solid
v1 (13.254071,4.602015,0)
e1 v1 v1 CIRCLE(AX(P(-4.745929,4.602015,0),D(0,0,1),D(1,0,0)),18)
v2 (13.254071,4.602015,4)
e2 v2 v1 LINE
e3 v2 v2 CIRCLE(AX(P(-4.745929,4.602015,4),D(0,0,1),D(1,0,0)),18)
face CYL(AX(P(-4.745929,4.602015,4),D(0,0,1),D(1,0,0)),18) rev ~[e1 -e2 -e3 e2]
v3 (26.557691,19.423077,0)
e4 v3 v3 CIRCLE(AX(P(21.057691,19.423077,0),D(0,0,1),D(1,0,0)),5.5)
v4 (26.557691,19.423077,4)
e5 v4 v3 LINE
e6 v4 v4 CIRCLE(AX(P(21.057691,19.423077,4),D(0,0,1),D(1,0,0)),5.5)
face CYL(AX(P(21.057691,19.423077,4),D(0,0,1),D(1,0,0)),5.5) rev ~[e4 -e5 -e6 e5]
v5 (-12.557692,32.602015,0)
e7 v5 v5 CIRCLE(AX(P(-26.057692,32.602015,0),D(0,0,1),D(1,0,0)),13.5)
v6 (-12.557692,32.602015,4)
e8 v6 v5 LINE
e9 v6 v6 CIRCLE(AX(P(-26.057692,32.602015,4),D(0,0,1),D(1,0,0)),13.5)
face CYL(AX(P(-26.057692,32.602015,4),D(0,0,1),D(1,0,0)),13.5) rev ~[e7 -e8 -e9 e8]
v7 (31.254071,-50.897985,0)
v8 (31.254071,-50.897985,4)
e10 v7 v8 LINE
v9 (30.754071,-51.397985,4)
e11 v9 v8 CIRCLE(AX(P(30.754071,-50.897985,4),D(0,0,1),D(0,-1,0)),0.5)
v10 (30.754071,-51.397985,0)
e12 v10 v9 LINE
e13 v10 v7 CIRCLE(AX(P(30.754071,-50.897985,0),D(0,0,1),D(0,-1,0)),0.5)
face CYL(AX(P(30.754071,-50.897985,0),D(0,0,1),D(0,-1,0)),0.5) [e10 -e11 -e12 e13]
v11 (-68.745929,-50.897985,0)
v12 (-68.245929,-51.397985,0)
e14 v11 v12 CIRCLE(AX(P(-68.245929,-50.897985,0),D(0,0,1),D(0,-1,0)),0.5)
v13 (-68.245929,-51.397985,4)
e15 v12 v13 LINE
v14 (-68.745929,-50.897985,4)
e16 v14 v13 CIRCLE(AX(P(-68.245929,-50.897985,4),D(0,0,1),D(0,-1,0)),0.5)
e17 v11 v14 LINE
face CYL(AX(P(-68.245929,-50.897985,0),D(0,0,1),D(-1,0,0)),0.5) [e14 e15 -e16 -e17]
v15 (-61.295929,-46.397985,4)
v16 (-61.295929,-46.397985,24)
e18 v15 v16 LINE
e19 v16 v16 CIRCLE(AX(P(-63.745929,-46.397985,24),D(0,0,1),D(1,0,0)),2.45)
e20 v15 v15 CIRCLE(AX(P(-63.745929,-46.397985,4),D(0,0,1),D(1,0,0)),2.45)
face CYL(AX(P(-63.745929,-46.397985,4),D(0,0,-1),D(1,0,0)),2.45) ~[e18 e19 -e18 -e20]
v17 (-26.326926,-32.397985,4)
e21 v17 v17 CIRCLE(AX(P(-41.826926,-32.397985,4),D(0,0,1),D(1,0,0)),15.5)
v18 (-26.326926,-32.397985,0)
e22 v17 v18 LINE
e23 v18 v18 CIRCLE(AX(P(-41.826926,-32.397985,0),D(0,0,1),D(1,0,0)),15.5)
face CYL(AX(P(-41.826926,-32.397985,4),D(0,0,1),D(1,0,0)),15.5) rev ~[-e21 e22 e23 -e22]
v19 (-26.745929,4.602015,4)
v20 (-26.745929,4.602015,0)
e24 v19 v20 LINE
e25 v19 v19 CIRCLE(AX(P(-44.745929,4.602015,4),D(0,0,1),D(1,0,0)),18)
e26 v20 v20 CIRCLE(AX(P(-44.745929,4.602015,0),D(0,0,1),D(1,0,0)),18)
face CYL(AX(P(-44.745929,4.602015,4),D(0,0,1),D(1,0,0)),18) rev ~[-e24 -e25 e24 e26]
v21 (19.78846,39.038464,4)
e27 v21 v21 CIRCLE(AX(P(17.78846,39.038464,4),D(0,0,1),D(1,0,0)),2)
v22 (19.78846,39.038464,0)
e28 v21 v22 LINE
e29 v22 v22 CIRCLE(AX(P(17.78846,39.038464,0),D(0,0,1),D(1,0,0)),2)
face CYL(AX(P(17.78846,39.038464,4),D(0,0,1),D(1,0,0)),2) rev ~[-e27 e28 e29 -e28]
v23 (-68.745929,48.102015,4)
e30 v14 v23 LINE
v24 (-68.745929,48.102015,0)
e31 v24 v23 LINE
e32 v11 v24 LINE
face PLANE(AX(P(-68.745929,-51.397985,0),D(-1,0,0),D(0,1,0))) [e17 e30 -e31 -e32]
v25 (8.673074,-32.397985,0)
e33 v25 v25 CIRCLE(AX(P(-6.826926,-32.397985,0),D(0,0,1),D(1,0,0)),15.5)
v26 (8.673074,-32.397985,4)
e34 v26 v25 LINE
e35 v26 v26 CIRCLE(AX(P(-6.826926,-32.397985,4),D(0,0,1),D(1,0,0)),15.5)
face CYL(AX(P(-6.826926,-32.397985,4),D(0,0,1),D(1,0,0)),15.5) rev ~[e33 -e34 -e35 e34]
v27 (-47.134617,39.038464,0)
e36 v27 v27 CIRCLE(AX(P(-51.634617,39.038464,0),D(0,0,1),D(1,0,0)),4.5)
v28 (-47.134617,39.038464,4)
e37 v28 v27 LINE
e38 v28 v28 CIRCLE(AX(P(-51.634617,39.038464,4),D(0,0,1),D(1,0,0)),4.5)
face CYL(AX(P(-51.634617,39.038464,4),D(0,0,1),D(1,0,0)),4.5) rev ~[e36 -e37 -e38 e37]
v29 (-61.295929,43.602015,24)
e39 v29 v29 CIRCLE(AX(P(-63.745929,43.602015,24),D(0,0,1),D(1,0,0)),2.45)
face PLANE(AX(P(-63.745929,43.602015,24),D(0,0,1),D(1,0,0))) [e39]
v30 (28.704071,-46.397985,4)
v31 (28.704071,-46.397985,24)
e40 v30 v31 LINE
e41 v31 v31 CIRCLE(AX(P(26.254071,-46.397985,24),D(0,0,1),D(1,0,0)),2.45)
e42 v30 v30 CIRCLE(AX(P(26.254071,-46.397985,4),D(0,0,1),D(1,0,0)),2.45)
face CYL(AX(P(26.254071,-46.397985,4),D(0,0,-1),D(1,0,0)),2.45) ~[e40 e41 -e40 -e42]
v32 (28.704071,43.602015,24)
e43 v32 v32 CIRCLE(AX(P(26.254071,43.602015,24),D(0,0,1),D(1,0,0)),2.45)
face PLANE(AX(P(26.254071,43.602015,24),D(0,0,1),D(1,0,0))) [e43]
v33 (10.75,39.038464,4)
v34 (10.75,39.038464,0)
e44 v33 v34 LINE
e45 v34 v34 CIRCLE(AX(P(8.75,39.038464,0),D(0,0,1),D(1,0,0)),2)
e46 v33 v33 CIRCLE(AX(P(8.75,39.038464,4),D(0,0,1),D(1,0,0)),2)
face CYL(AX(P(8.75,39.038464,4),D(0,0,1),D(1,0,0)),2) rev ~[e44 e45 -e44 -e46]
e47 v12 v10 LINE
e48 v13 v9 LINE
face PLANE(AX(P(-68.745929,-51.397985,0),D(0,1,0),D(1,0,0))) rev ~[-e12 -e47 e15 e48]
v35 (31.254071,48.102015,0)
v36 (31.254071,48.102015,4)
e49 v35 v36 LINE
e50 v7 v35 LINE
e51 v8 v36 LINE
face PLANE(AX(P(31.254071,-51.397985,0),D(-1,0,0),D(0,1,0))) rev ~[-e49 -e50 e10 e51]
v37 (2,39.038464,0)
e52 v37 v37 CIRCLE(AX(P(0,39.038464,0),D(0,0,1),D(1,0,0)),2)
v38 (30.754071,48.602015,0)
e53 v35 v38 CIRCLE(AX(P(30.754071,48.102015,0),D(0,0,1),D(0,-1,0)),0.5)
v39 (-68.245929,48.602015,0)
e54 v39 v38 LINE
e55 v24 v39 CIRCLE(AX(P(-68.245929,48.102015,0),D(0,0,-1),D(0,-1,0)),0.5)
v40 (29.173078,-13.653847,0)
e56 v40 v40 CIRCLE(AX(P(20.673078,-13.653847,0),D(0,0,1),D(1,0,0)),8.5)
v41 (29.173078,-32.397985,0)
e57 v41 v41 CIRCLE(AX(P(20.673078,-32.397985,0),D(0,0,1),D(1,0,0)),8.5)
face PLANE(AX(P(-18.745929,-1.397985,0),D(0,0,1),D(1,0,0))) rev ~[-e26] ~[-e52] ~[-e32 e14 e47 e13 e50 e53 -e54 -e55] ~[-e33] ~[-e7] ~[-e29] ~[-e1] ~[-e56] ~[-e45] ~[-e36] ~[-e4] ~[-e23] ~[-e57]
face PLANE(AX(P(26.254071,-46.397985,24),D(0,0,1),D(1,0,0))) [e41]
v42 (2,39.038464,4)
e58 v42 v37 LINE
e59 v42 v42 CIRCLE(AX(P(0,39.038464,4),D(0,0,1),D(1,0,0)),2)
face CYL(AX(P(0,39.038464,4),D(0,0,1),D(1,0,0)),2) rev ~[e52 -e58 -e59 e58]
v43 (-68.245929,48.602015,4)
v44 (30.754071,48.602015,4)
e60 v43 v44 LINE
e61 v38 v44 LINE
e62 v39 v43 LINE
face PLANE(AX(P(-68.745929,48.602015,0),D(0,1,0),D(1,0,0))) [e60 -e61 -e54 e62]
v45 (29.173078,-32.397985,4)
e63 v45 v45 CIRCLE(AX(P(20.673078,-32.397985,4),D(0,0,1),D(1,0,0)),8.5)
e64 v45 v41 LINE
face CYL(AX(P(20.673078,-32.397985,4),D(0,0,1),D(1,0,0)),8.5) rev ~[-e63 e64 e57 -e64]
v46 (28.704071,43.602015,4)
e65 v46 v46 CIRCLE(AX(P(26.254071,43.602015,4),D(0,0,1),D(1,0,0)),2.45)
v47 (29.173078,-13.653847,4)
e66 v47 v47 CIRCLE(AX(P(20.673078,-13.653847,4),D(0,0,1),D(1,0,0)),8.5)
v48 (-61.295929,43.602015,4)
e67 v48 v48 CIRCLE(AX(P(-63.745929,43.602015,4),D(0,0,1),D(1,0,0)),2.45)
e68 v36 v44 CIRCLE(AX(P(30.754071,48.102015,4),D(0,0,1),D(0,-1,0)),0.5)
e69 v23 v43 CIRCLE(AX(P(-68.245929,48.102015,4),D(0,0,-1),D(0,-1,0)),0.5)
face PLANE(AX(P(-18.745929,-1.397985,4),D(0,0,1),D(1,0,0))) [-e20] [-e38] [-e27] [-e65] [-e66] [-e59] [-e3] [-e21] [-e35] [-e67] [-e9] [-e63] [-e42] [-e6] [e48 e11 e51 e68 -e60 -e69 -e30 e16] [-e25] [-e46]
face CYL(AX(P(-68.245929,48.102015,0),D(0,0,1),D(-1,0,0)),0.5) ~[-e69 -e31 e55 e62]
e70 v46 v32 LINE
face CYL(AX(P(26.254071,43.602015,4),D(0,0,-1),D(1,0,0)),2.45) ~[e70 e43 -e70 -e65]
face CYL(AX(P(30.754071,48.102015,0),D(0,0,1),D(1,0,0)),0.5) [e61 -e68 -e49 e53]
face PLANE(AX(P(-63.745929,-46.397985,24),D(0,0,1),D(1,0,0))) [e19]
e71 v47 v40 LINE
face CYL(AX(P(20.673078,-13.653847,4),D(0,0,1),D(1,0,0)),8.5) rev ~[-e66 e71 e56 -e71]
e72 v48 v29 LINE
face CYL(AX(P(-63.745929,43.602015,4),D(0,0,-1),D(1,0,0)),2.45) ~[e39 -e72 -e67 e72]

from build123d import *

# Parameters (mm, degrees)
F0_W     = 100
F0_H     = 100
F1_DEPTH = 4
F2_R     = 0.5
F3_R     = 2.45
F4_DEPTH = 20
F5_R     = 4.5
F5_R_2   = 13.5
F5_R_3   = 2
F5_R_4   = 5.5
F5_R_5   = 18
F5_R_6   = 15.5
F5_R_7   = 8.5
F6_DEPTH = 25


with BuildPart() as f1:
    # F0 (on Top) → F1 (new body)
    with BuildSketch(Plane.XY):
        with Locations((-18.745929, -1.397985)):
            Rectangle(F0_W, F0_H)
    extrude(amount=F1_DEPTH)

    # F2
    f2_edges = [f1.edges().sort_by_distance(p)[0] for p in [
        (-68.745929, 48.602015, 2),
        (31.254071, 48.602015, 2),
        (31.254071, -51.397985, 2),
        (-68.745929, -51.397985, 2),
    ]]
    fillet(f2_edges, radius=F2_R)

    # F3 (on face) → F4 (join)
    with BuildSketch(Plane.XY.offset(4)):
        with Locations((-63.745929, 43.602015)):
            Circle(F3_R)
        with Locations((26.254071, 43.602015)):
            Circle(F3_R)
        with Locations((-63.745929, -46.397985)):
            Circle(F3_R)
        with Locations((26.254071, -46.397985)):
            Circle(F3_R)
    extrude(amount=F4_DEPTH)

    # F5 (on face) → F6 (cut)
    with BuildSketch(Plane.XY.offset(4)):
        with Locations((-51.634617, 39.038464)):
            Circle(F5_R)
        with Locations((-26.057692, 32.602015)):
            Circle(F5_R_2)
        with Locations((0, 39.038464)):
            Circle(F5_R_3)
        with Locations((8.75, 39.038464)):
            Circle(F5_R_3)
        with Locations((17.78846, 39.038464)):
            Circle(F5_R_3)
        with Locations((21.057691, 19.423077)):
            Circle(F5_R_4)
        with Locations((-4.745929, 4.602015)):
            Circle(F5_R_5)
        with Locations((-44.745929, 4.602015)):
            Circle(F5_R_5)
        with Locations((-41.826926, -32.397985)):
            Circle(F5_R_6)
        with Locations((-6.826926, -32.397985)):
            Circle(F5_R_6)
        with Locations((20.673078, -13.653847)):
            Circle(F5_R_7)
        with Locations((20.673078, -32.397985)):
            Circle(F5_R_7)
    extrude(amount=-F6_DEPTH, mode=Mode.SUBTRACT)


solid = f1.part
